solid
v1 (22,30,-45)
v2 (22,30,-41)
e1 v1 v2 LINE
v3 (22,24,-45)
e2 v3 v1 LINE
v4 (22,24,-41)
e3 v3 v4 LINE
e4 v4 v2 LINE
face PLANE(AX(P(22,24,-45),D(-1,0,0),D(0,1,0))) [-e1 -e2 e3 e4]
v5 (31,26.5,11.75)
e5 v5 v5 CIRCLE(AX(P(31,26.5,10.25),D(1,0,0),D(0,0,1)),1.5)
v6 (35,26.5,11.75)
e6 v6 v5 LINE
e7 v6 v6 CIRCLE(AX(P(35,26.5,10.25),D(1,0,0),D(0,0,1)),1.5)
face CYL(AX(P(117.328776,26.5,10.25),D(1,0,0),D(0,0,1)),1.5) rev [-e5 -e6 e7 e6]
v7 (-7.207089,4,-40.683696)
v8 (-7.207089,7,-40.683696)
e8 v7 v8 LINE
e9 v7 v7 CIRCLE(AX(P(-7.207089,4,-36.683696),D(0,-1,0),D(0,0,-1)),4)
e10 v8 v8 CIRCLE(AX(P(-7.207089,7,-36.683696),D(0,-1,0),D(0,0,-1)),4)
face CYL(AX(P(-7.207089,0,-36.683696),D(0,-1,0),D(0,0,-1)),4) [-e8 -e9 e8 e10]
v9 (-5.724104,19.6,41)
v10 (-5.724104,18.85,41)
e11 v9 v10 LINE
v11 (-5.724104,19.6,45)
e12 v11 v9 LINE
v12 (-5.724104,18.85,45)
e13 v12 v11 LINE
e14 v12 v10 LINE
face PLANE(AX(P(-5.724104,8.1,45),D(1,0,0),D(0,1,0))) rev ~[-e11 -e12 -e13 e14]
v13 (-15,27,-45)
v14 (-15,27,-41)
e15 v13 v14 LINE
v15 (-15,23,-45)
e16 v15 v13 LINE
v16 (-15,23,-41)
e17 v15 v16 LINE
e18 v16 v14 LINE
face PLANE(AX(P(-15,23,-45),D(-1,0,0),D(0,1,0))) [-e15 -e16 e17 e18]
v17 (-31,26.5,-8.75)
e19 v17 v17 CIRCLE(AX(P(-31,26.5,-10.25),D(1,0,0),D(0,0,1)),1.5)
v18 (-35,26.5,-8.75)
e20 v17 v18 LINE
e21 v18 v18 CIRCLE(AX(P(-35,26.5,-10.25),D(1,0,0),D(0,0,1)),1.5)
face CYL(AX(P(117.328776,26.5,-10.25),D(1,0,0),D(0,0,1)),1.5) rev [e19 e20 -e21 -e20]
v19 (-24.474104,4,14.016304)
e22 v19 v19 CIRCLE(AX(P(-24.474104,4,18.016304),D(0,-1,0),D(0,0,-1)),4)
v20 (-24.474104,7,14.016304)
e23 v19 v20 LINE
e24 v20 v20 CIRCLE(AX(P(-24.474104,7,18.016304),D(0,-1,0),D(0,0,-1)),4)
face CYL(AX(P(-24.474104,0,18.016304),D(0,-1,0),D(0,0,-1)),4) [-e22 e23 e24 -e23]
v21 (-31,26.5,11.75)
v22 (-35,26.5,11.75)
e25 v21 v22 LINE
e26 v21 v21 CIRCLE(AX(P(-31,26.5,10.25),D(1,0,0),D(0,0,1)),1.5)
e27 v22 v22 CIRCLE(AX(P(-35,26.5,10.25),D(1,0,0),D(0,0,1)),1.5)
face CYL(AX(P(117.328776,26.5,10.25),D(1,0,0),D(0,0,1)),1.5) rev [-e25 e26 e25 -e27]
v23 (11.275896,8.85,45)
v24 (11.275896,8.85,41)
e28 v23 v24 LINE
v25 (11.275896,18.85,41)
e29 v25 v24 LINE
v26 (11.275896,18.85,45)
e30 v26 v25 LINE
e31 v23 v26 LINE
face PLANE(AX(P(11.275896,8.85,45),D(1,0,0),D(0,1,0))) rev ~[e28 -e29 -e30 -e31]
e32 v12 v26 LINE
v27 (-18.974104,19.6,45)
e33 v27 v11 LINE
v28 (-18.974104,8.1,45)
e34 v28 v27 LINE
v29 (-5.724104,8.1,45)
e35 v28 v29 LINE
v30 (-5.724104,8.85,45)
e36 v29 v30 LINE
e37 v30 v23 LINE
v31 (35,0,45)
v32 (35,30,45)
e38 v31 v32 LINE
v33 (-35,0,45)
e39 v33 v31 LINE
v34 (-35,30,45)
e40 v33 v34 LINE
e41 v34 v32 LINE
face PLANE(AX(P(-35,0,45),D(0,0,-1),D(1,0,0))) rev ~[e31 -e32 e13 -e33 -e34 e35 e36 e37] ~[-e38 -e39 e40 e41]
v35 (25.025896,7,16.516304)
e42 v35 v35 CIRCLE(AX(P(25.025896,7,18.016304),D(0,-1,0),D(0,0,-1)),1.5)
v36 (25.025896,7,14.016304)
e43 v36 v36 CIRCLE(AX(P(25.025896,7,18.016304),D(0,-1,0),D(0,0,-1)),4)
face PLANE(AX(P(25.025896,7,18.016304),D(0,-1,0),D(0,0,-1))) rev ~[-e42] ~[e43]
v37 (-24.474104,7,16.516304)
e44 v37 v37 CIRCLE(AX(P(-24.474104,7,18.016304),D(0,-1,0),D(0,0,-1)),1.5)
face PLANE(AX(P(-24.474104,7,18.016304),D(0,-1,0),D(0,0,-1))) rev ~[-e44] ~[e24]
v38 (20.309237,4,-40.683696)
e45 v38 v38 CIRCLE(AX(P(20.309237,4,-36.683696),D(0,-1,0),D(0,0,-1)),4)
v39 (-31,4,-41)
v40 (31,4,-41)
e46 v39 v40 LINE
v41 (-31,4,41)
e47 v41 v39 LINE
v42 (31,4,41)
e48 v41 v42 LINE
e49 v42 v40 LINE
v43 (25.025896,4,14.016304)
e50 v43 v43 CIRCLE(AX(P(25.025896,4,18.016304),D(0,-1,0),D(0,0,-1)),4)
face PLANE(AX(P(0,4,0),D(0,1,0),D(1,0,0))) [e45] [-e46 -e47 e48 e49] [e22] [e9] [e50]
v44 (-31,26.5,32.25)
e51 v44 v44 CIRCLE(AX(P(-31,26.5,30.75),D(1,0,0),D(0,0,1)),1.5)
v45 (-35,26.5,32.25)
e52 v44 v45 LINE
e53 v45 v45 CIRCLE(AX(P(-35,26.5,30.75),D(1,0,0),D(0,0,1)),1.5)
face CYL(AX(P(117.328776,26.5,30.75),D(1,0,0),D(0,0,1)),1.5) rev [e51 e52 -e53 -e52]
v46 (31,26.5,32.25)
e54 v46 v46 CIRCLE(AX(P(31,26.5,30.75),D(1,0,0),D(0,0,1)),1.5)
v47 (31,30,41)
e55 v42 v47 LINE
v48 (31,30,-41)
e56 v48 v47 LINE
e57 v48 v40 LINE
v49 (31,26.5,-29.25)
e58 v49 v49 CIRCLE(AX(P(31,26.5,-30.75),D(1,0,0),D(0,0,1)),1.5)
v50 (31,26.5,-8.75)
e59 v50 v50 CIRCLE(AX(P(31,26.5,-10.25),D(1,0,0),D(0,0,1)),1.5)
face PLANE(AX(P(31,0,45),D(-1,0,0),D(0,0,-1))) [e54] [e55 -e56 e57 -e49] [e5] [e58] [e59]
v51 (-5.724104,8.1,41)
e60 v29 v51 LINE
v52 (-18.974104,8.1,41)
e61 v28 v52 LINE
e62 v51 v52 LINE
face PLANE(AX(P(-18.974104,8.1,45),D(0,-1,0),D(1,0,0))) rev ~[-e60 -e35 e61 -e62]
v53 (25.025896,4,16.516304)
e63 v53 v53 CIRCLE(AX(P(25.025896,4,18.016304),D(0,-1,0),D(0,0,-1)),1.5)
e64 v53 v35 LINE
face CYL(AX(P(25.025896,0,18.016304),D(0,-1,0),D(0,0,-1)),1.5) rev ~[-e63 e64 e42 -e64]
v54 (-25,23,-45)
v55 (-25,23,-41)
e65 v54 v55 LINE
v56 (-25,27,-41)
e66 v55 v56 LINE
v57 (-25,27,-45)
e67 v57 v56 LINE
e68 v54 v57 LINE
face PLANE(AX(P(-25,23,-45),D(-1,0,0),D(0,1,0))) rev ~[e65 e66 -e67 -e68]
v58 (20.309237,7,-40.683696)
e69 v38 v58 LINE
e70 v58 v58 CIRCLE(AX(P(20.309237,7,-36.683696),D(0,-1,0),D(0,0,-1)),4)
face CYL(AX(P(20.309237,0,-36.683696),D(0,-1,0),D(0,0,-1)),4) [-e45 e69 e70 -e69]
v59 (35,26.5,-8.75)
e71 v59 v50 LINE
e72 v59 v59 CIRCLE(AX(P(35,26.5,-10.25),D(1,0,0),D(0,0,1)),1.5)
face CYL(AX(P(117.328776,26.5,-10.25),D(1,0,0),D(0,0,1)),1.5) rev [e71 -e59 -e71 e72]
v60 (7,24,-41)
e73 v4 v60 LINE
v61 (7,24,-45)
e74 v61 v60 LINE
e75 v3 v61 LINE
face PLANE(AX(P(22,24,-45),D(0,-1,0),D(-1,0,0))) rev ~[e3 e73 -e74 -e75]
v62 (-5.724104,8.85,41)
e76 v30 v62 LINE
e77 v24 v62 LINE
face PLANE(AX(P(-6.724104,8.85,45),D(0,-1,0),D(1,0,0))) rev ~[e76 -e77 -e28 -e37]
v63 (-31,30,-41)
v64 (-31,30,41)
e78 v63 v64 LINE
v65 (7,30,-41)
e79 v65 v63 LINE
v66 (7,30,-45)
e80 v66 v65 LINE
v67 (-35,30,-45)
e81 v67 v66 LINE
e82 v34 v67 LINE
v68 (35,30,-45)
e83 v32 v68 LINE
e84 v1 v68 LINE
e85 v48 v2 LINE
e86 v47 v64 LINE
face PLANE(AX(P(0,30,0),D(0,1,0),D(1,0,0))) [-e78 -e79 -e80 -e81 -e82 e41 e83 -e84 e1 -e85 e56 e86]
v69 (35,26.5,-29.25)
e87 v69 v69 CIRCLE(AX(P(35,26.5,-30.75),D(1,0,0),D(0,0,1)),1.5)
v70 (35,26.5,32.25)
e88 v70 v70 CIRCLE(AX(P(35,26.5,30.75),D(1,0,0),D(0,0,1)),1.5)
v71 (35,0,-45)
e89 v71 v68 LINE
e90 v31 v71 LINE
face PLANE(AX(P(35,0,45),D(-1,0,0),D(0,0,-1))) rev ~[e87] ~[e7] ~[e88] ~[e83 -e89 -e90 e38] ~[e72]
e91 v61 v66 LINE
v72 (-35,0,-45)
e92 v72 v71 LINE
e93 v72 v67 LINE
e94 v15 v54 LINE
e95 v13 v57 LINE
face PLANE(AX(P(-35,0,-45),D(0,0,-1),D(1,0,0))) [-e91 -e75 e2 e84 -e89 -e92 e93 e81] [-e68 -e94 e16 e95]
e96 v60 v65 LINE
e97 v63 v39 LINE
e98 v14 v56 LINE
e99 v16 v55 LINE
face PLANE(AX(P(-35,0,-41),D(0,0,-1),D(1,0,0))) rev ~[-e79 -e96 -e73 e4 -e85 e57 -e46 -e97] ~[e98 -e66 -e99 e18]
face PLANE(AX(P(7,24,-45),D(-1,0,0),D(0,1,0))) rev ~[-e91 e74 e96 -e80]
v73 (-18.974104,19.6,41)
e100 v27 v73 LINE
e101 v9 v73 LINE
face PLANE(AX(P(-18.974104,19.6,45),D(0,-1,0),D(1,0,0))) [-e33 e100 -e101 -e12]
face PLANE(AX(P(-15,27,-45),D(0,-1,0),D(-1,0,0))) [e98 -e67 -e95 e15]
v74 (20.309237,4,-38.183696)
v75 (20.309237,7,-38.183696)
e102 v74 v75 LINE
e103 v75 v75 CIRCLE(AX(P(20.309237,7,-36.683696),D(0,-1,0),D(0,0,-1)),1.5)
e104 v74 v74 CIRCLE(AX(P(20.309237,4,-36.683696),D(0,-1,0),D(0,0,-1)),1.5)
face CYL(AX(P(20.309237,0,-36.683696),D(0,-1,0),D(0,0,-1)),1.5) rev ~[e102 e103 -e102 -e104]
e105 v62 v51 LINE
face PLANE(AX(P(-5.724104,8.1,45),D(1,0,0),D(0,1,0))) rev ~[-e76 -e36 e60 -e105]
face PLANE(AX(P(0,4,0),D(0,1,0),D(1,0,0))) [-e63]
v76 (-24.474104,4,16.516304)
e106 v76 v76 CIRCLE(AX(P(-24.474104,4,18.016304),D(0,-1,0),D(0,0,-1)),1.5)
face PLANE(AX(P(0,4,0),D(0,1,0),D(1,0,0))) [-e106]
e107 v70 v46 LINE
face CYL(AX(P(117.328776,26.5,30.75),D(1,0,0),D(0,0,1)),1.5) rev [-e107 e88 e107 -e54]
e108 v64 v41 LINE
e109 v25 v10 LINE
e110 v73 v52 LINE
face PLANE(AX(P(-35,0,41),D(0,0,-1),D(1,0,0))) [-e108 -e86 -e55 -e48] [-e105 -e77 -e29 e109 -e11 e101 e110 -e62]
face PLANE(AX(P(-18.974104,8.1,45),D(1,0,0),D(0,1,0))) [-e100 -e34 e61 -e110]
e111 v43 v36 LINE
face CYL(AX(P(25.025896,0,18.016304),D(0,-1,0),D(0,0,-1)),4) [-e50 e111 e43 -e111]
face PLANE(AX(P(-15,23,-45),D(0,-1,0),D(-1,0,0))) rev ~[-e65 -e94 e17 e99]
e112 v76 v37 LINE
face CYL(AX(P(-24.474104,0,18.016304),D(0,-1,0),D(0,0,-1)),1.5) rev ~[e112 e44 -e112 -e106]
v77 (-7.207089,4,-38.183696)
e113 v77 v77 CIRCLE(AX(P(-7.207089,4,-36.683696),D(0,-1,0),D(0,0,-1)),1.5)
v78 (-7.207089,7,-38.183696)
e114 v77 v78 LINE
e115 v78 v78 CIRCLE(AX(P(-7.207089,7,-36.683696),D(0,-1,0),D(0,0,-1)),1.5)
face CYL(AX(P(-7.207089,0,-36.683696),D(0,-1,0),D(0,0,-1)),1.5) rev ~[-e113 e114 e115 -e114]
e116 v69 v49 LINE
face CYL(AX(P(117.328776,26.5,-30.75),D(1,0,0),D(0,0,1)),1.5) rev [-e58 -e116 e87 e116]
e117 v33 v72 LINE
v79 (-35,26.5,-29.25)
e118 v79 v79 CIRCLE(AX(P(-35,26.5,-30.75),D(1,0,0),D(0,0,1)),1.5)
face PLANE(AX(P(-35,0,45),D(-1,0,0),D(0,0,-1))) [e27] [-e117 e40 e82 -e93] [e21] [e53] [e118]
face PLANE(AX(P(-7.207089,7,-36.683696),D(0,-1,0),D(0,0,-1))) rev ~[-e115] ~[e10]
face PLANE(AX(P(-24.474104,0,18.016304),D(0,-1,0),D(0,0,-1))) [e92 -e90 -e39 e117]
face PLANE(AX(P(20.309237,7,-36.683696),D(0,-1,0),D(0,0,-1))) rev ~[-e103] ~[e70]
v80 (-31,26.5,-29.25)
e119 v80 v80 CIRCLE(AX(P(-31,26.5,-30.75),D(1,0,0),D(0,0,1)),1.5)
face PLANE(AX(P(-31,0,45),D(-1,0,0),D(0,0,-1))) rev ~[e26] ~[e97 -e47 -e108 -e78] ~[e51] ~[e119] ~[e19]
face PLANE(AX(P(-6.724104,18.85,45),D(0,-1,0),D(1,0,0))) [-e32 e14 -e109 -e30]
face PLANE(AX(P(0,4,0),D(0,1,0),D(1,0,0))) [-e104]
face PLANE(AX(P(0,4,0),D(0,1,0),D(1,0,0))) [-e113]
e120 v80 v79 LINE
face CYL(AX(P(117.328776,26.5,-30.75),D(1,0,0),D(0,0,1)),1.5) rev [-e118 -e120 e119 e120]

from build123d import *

# Parameters (mm, degrees)
SKETCH1_W               = 70
SKETCH1_H               = 90
BOSS_EXTRUDE1_DEPTH     = 30
SHELL1_T                = -4
SKETCH2_W               = 13.25
SKETCH2_H               = 11.5
SKETCH2_W_2             = 11.25
SKETCH2_H_2             = 9.5
CUT_EXTRUDE1_DEPTH      = 7
SKETCH3_W               = 18
SKETCH3_H               = 10
CUT_EXTRUDE2_DEPTH      = 7
SKETCH4_W               = 15
SKETCH4_H               = 6
CUT_EXTRUDE3_DEPTH      = 7
SKETCH6_R               = 4
SKETCH6_R_2             = 1.5
BOSS_EXTRUDE2_DEPTH     = 7
CUT_EXTRUDE4_DEPTH      = 86.32877592
CUT_EXTRUDE4_DEPTH_BACK = 86.32877592
SKETCH7_R               = 1.5
SKETCH8_W               = 10
SKETCH8_H               = 4
CUT_EXTRUDE5_DEPTH      = 7


with BuildPart() as part:
    # Sketch1 → Boss-Extrude1 (new body)
    with BuildSketch(Plane(origin=(0, 0, 0), x_dir=(1, 0, 0), z_dir=(0, 1, 0))):
        Rectangle(SKETCH1_W, SKETCH1_H)
    extrude(amount=BOSS_EXTRUDE1_DEPTH)

    # Shell1
    shell1_openings = [part.faces().sort_by_distance(p)[0] for p in [
        (0, 30, 0),
    ]]
    offset(amount=SHELL1_T, openings=shell1_openings, kind=Kind.INTERSECTION)

    # Sketch2 → Cut-Extrude1 (cut)
    # profile 1 of 2: a face of its own
    with BuildSketch(Plane.XY.offset(45)):
        with Locations((-12.349103725, 13.85)):
            Rectangle(SKETCH2_W, SKETCH2_H)
        with Locations((-12.349103725, 13.85)):
            Rectangle(SKETCH2_W_2, SKETCH2_H_2, mode=Mode.SUBTRACT)
    # profile 2 of 2: a face of its own
    with BuildSketch(Plane.XY.offset(45)):
        with Locations((-12.349103725, 13.85)):
            Rectangle(SKETCH2_W_2, SKETCH2_H_2)
    extrude(amount=-CUT_EXTRUDE1_DEPTH, mode=Mode.SUBTRACT)

    # Sketch3 → Cut-Extrude2 (cut)
    with BuildSketch(Plane.XY.offset(45)):
        with Locations((2.275896275, 13.85)):
            Rectangle(SKETCH3_W, SKETCH3_H)
    extrude(amount=-CUT_EXTRUDE2_DEPTH, mode=Mode.SUBTRACT)

    # Sketch4 → Cut-Extrude3 (cut)
    with BuildSketch(Plane(origin=(0, 0, -45), x_dir=(-1, 0, 0), z_dir=(0, 0, -1))):
        with Locations((-14.5, 27)):
            Rectangle(SKETCH4_W, SKETCH4_H)
    extrude(amount=-CUT_EXTRUDE3_DEPTH, mode=Mode.SUBTRACT)

    # Sketch6 → Boss-Extrude2 (add)
    # profile 1 of 4: a face of its own
    with BuildSketch(Plane(origin=(0, 0, -1.719487256), x_dir=(1, 0, 0), z_dir=(0, -1, 0))):
        with Locations(Location((-24.474103725, 19.735790835, 0), (0, 0, 270))):
            Circle(SKETCH6_R)
        with Locations(Location((-24.474103725, 19.735790835, 0), (0, 0, 270))):
            Circle(SKETCH6_R_2, mode=Mode.SUBTRACT)
    # profile 2 of 4: a face of its own
    with BuildSketch(Plane(origin=(0, 0, -1.719487256), x_dir=(1, 0, 0), z_dir=(0, -1, 0))):
        with Locations(Location((25.025896275, 19.735790835, 0), (0, 0, 270))):
            Circle(SKETCH6_R)
        with Locations(Location((25.025896275, 19.735790835, 0), (0, 0, 270))):
            Circle(SKETCH6_R_2, mode=Mode.SUBTRACT)
    # profile 3 of 4: a face of its own
    with BuildSketch(Plane(origin=(0, 0, -1.719487256), x_dir=(1, 0, 0), z_dir=(0, -1, 0))):
        with Locations(Location((20.309236753, -34.964209165, 0), (0, 0, 270))):
            Circle(SKETCH6_R)
        with Locations(Location((20.309236753, -34.964209165, 0), (0, 0, 270))):
            Circle(SKETCH6_R_2, mode=Mode.SUBTRACT)
    # profile 4 of 4: a face of its own
    with BuildSketch(Plane(origin=(0, 0, -1.719487256), x_dir=(1, 0, 0), z_dir=(0, -1, 0))):
        with Locations(Location((-7.207089355, -34.964209165, 0), (0, 0, 270))):
            Circle(SKETCH6_R)
        with Locations(Location((-7.207089355, -34.964209165, 0), (0, 0, 270))):
            Circle(SKETCH6_R_2, mode=Mode.SUBTRACT)
    extrude(amount=-BOSS_EXTRUDE2_DEPTH)

    # Sketch7 → Cut-Extrude4 (cut, two sides: drawn at the far end of the back side and taken through both)
    with BuildSketch(Plane.ZY.offset(-31).offset(-CUT_EXTRUDE4_DEPTH_BACK)):
        with Locations((-30.75, 26.5)):
            Circle(SKETCH7_R)
        with Locations((-10.25, 26.5)):
            Circle(SKETCH7_R)
        with Locations((10.25, 26.5)):
            Circle(SKETCH7_R)
        with Locations((30.75, 26.5)):
            Circle(SKETCH7_R)
    extrude(amount=CUT_EXTRUDE4_DEPTH + CUT_EXTRUDE4_DEPTH_BACK, mode=Mode.SUBTRACT)

    # Sketch8 → Cut-Extrude5 (cut)
    with BuildSketch(Plane(origin=(0, 0, -45), x_dir=(-1, 0, 0), z_dir=(0, 0, -1))):
        with Locations((20, 25)):
            Rectangle(SKETCH8_W, SKETCH8_H)
    extrude(amount=-CUT_EXTRUDE5_DEPTH, mode=Mode.SUBTRACT)


solid = part.part
